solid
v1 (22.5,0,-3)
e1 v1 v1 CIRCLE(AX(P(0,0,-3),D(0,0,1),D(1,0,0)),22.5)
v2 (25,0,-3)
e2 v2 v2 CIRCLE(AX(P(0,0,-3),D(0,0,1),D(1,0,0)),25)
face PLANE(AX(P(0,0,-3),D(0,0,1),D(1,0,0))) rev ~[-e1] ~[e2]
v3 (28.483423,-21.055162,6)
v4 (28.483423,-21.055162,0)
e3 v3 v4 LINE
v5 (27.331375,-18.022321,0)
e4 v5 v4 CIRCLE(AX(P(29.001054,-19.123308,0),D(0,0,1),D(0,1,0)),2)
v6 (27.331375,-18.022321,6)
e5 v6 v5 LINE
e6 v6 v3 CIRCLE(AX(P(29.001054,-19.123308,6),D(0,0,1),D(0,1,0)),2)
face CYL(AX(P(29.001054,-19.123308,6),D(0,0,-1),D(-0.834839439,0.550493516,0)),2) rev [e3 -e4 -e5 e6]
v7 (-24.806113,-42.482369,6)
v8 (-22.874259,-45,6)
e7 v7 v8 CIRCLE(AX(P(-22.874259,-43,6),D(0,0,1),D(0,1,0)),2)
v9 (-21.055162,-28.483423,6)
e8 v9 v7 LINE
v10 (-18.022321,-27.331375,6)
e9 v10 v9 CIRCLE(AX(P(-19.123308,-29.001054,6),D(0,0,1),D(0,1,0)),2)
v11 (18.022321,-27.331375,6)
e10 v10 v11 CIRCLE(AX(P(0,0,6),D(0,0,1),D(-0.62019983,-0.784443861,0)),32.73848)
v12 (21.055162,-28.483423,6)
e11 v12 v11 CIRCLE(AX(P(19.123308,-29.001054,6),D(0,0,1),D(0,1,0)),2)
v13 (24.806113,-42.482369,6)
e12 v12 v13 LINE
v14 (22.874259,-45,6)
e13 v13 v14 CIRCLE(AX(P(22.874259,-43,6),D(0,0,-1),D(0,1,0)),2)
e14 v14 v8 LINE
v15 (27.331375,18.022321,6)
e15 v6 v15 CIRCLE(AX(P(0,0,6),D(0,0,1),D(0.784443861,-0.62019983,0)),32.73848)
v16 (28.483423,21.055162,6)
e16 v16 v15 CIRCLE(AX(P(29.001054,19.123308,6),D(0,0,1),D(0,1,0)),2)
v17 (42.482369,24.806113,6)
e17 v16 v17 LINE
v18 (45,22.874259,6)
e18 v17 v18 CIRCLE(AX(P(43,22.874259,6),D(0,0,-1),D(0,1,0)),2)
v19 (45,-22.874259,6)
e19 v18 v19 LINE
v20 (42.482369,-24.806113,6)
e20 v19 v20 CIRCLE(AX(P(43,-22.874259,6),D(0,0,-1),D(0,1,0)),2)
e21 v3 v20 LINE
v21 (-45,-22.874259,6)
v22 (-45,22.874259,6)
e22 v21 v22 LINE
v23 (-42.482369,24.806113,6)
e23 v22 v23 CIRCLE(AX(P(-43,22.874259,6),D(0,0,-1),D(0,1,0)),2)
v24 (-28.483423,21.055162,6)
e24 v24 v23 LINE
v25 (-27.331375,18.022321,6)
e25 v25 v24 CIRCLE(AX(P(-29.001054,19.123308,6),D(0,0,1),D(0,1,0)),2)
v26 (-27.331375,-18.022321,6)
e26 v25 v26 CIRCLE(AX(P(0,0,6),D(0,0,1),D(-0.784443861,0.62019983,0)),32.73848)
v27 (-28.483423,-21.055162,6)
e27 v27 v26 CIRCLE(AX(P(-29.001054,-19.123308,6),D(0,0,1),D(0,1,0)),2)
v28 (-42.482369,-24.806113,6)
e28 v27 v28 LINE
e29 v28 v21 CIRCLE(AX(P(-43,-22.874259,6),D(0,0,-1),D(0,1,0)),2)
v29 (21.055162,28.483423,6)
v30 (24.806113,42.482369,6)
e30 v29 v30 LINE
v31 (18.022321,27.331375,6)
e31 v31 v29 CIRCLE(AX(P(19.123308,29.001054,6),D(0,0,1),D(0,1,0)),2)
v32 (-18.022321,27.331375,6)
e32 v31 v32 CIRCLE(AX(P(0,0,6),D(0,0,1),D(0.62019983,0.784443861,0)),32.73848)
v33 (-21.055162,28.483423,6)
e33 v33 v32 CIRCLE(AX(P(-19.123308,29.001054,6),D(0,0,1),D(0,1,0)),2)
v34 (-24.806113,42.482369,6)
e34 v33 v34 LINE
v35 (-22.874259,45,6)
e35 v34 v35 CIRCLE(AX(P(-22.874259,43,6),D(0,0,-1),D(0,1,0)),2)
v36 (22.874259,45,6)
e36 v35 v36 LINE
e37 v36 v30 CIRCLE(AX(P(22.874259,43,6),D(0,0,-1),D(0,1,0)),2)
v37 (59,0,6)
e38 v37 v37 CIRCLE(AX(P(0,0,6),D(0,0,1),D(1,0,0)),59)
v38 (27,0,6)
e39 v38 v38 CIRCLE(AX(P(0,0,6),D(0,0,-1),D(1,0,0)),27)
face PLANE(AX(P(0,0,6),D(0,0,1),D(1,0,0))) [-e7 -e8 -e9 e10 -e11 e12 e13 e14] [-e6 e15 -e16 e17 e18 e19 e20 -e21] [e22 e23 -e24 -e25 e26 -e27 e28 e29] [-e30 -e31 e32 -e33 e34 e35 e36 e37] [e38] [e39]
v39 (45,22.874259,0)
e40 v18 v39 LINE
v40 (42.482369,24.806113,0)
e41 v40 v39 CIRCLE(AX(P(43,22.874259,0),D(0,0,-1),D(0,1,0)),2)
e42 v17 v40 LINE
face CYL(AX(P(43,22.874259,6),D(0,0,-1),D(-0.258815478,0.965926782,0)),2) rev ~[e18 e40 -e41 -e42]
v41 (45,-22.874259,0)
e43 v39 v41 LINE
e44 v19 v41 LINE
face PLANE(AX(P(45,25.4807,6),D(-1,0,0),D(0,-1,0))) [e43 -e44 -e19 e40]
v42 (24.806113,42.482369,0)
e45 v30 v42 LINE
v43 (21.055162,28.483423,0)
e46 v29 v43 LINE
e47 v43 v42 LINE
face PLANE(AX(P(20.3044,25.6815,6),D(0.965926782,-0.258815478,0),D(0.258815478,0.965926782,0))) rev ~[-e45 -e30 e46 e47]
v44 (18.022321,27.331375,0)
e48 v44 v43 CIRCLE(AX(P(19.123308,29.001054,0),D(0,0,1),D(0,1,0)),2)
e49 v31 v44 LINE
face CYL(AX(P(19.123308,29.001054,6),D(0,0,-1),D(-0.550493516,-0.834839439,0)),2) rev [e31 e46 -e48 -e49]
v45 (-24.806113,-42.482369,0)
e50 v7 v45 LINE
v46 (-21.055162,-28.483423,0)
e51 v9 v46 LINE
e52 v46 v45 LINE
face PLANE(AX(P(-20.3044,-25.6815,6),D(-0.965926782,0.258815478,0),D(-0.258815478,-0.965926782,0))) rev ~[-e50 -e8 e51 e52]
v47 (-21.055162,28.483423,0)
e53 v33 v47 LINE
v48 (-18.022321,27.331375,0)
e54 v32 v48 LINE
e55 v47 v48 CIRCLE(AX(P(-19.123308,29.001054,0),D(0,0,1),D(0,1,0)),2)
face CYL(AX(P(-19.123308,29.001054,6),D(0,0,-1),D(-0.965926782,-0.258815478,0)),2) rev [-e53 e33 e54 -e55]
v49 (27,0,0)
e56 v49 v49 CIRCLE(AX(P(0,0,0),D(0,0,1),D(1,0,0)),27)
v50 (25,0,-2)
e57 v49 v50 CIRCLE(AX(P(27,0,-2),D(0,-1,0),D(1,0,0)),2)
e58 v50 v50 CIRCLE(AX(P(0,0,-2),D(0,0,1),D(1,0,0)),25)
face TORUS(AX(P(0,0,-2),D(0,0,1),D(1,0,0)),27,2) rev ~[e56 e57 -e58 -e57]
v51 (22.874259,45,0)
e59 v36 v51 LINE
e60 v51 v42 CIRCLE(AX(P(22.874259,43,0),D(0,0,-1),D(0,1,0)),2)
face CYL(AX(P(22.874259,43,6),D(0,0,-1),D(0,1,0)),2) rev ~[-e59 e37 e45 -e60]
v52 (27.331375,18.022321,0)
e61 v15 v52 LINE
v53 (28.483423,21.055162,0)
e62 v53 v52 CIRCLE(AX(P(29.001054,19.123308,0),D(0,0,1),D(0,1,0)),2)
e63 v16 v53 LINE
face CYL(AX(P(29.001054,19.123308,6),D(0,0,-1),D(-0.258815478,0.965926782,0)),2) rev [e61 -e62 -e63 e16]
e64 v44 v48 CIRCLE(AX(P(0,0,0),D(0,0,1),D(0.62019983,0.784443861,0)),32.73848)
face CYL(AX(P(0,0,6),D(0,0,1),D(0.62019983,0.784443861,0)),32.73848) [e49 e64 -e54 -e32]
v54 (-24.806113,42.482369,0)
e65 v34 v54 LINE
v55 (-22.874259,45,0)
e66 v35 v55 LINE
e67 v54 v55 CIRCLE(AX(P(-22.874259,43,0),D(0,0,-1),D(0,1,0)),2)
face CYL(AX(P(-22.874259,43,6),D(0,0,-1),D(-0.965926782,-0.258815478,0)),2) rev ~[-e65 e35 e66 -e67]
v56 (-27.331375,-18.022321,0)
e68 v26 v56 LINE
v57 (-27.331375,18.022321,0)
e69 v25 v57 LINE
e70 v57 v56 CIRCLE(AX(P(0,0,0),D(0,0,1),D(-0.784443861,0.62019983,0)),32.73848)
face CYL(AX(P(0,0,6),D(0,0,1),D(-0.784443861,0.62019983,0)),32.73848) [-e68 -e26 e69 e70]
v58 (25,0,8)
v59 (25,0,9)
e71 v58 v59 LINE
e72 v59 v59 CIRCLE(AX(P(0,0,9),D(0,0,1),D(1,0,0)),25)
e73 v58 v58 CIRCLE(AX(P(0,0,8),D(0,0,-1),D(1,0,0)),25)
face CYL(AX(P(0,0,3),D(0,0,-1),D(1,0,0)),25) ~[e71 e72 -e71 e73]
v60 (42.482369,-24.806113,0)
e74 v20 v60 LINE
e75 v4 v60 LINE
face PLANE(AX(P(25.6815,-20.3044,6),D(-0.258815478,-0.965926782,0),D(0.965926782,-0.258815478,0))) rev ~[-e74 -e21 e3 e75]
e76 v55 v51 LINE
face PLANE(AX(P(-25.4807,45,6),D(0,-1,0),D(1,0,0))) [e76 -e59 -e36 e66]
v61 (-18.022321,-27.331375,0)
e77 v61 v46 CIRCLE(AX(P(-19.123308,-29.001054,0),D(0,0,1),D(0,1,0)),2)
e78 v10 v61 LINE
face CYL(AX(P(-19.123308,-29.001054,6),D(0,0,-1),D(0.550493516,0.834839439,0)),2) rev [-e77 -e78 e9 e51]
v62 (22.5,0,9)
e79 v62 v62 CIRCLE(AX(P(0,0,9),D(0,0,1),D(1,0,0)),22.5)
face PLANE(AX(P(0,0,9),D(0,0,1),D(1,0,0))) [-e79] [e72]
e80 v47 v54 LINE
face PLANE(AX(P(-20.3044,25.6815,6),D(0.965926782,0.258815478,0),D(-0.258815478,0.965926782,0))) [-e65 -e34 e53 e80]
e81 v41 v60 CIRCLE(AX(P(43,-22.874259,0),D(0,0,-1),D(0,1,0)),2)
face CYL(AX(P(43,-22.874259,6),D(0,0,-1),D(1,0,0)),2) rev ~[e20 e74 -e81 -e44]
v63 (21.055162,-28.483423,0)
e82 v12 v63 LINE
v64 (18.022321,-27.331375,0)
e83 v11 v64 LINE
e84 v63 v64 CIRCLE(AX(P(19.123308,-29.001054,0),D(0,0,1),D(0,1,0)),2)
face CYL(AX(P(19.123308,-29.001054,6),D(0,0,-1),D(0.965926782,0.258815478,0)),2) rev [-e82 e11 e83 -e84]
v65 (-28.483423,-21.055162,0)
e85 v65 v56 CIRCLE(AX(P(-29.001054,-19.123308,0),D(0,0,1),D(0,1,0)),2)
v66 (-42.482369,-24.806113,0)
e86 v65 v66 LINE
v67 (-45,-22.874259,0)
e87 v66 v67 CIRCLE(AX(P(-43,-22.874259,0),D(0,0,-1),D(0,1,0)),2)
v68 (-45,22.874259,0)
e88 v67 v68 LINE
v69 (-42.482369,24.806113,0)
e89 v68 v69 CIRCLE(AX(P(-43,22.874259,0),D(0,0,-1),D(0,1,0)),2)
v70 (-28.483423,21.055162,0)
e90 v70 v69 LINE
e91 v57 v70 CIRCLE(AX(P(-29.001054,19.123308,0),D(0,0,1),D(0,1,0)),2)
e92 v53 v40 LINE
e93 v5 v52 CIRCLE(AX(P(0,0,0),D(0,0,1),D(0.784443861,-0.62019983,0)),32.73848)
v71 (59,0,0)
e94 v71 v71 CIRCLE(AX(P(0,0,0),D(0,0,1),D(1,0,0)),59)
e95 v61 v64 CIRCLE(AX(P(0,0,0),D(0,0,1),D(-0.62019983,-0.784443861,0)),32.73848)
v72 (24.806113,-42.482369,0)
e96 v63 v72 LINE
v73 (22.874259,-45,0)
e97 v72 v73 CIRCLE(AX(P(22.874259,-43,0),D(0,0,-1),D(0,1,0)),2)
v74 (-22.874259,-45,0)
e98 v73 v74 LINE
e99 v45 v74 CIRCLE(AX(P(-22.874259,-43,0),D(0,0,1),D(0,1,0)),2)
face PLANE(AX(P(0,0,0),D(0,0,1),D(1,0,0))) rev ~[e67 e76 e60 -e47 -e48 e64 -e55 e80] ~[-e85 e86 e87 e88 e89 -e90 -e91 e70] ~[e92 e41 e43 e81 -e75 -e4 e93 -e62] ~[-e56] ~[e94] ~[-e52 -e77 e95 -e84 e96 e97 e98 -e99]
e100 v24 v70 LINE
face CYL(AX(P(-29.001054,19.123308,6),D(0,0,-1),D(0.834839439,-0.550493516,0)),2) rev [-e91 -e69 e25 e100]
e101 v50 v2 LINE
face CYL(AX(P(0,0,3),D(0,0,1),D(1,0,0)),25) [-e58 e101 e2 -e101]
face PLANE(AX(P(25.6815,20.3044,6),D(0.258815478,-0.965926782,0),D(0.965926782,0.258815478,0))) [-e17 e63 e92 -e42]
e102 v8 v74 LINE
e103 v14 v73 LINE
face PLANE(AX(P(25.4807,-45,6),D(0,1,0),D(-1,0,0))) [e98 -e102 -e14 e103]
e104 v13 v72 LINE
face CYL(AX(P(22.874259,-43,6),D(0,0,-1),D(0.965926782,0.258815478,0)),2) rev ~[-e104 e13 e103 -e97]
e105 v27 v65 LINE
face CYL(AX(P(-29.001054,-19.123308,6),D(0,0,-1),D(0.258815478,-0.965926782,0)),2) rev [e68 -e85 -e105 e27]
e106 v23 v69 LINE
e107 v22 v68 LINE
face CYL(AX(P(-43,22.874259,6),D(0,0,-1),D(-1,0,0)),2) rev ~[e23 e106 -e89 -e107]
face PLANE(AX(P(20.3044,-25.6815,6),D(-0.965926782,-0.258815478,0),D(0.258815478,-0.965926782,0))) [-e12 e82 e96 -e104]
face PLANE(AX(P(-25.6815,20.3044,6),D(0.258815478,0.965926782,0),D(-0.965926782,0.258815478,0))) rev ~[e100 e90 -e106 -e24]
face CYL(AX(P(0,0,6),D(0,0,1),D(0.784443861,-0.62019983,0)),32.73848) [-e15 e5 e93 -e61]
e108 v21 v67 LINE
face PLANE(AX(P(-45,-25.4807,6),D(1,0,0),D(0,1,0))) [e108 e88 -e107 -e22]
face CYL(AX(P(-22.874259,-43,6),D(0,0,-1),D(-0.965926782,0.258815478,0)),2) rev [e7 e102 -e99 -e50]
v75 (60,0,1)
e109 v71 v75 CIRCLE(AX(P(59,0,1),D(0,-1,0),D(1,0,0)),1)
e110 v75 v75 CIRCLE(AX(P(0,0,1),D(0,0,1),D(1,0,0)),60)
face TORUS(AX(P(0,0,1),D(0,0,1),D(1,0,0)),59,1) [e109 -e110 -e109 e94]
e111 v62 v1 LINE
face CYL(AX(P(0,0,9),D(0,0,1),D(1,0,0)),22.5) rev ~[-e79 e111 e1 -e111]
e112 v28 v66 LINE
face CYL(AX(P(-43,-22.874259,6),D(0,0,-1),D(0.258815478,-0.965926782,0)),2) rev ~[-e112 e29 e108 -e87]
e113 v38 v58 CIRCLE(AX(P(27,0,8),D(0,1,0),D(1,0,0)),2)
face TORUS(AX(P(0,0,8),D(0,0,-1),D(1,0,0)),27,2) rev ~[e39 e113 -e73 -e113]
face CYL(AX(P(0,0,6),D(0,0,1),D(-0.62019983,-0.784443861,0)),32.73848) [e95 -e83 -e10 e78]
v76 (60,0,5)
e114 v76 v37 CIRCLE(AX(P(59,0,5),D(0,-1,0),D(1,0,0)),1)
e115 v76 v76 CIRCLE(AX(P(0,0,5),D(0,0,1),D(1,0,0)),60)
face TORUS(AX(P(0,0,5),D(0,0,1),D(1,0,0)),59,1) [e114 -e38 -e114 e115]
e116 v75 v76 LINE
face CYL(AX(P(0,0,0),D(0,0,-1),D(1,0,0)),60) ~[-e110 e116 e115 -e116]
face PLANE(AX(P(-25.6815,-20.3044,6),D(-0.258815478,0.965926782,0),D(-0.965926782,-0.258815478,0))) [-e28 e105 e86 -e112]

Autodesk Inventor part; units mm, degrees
ref_plane "YZ Plane" through (0, 0, 0) normal (1, 0, 0) x (0, 1, 0)
ref_plane "XZ Plane" through (0, 0, 0) normal (0, 1, 0) x (-1, 0, 0)
sketch "Skizze1" plane through (0, 0, 0) normal (0, 0, 1) x (1, 0, 0)
  circle A0 centre (0, 0) radius 60
  dimension "d0" = 120
extrude "Extrusion1" add sketch "Skizze1" along normal blind 6
ref_plane "Arbeitsebene1" through (0, 0, 3) normal (0, 0, 1) x (1, 0, 0)
sketch "Skizze3" plane through (0, 0, 3) normal (0, 0, 1) x (1, 0, 0)
  circle A0 centre (0, 0) radius 25
  dimension "d5" = 50
extrude "Extrusion2" add sketch "Skizze3" along normal mid plane 12
sketch "Skizze4" plane through (0, 0, 9) normal (0, 0, 1) x (1, 0, 0)
  circle A0 centre (0, 0) radius 22.5
  dimension "d8" = 45
extrude "Extrusion3" cut sketch "Skizze4" against normal blind 12
fillet "Rundung1" radius 2 1 edges at (-25, 0, 6)
fillet "Rundung2" radius 2 1 edges at (-25, 0, 0)
sketch "Skizze5" plane through (0, 0, 6) normal (0, 0, 1) x (1, 0, 0)
  line L0 (25.4807, -45) -> (-25.4807, -45)
  arc A0 (-20.3044, -25.6815) -> (20.3044, -25.6815) centre (0, 0) ccw
  circle A1 centre (0, 0) radius 27 projected
  line L1 (20.3044, -25.6815) -> (25.4807, -45)
  line L2 (-20.3044, -25.6815) -> (-25.4807, -45)
  line L3 (0, 0) -> (0, -59.7048) construction
  circle A2 centre (0, 0) radius 22.5 projected
  dimension "d16" = 20
  dimension "d17" = 45
  dimension "d18" = 75
extrude "Extrusion4" cut sketch "Skizze5" against normal blind 12 contours L0 L2 A0 L1
fillet "Rundung3" radius 2 2 edges at (-25.4807, -45, 3) (25.4807, -45, 3)
fillet "Rundung4" radius 2 2 edges at (-20.3044, -25.6815, 3) (20.3044, -25.6815, 3)
pattern_circular "Runde Anordnung1" count 4 over 360 about axis through (0, 0, 0) along (0, 0, 1) of "Extrusion4", "Rundung4", "Rundung3"
fillet "Rundung5" radius 1 2 edges at (-60, 0, 0) (-60, 0, 6)
properties part number "practice6" material "Stahl, galvanisiert"
